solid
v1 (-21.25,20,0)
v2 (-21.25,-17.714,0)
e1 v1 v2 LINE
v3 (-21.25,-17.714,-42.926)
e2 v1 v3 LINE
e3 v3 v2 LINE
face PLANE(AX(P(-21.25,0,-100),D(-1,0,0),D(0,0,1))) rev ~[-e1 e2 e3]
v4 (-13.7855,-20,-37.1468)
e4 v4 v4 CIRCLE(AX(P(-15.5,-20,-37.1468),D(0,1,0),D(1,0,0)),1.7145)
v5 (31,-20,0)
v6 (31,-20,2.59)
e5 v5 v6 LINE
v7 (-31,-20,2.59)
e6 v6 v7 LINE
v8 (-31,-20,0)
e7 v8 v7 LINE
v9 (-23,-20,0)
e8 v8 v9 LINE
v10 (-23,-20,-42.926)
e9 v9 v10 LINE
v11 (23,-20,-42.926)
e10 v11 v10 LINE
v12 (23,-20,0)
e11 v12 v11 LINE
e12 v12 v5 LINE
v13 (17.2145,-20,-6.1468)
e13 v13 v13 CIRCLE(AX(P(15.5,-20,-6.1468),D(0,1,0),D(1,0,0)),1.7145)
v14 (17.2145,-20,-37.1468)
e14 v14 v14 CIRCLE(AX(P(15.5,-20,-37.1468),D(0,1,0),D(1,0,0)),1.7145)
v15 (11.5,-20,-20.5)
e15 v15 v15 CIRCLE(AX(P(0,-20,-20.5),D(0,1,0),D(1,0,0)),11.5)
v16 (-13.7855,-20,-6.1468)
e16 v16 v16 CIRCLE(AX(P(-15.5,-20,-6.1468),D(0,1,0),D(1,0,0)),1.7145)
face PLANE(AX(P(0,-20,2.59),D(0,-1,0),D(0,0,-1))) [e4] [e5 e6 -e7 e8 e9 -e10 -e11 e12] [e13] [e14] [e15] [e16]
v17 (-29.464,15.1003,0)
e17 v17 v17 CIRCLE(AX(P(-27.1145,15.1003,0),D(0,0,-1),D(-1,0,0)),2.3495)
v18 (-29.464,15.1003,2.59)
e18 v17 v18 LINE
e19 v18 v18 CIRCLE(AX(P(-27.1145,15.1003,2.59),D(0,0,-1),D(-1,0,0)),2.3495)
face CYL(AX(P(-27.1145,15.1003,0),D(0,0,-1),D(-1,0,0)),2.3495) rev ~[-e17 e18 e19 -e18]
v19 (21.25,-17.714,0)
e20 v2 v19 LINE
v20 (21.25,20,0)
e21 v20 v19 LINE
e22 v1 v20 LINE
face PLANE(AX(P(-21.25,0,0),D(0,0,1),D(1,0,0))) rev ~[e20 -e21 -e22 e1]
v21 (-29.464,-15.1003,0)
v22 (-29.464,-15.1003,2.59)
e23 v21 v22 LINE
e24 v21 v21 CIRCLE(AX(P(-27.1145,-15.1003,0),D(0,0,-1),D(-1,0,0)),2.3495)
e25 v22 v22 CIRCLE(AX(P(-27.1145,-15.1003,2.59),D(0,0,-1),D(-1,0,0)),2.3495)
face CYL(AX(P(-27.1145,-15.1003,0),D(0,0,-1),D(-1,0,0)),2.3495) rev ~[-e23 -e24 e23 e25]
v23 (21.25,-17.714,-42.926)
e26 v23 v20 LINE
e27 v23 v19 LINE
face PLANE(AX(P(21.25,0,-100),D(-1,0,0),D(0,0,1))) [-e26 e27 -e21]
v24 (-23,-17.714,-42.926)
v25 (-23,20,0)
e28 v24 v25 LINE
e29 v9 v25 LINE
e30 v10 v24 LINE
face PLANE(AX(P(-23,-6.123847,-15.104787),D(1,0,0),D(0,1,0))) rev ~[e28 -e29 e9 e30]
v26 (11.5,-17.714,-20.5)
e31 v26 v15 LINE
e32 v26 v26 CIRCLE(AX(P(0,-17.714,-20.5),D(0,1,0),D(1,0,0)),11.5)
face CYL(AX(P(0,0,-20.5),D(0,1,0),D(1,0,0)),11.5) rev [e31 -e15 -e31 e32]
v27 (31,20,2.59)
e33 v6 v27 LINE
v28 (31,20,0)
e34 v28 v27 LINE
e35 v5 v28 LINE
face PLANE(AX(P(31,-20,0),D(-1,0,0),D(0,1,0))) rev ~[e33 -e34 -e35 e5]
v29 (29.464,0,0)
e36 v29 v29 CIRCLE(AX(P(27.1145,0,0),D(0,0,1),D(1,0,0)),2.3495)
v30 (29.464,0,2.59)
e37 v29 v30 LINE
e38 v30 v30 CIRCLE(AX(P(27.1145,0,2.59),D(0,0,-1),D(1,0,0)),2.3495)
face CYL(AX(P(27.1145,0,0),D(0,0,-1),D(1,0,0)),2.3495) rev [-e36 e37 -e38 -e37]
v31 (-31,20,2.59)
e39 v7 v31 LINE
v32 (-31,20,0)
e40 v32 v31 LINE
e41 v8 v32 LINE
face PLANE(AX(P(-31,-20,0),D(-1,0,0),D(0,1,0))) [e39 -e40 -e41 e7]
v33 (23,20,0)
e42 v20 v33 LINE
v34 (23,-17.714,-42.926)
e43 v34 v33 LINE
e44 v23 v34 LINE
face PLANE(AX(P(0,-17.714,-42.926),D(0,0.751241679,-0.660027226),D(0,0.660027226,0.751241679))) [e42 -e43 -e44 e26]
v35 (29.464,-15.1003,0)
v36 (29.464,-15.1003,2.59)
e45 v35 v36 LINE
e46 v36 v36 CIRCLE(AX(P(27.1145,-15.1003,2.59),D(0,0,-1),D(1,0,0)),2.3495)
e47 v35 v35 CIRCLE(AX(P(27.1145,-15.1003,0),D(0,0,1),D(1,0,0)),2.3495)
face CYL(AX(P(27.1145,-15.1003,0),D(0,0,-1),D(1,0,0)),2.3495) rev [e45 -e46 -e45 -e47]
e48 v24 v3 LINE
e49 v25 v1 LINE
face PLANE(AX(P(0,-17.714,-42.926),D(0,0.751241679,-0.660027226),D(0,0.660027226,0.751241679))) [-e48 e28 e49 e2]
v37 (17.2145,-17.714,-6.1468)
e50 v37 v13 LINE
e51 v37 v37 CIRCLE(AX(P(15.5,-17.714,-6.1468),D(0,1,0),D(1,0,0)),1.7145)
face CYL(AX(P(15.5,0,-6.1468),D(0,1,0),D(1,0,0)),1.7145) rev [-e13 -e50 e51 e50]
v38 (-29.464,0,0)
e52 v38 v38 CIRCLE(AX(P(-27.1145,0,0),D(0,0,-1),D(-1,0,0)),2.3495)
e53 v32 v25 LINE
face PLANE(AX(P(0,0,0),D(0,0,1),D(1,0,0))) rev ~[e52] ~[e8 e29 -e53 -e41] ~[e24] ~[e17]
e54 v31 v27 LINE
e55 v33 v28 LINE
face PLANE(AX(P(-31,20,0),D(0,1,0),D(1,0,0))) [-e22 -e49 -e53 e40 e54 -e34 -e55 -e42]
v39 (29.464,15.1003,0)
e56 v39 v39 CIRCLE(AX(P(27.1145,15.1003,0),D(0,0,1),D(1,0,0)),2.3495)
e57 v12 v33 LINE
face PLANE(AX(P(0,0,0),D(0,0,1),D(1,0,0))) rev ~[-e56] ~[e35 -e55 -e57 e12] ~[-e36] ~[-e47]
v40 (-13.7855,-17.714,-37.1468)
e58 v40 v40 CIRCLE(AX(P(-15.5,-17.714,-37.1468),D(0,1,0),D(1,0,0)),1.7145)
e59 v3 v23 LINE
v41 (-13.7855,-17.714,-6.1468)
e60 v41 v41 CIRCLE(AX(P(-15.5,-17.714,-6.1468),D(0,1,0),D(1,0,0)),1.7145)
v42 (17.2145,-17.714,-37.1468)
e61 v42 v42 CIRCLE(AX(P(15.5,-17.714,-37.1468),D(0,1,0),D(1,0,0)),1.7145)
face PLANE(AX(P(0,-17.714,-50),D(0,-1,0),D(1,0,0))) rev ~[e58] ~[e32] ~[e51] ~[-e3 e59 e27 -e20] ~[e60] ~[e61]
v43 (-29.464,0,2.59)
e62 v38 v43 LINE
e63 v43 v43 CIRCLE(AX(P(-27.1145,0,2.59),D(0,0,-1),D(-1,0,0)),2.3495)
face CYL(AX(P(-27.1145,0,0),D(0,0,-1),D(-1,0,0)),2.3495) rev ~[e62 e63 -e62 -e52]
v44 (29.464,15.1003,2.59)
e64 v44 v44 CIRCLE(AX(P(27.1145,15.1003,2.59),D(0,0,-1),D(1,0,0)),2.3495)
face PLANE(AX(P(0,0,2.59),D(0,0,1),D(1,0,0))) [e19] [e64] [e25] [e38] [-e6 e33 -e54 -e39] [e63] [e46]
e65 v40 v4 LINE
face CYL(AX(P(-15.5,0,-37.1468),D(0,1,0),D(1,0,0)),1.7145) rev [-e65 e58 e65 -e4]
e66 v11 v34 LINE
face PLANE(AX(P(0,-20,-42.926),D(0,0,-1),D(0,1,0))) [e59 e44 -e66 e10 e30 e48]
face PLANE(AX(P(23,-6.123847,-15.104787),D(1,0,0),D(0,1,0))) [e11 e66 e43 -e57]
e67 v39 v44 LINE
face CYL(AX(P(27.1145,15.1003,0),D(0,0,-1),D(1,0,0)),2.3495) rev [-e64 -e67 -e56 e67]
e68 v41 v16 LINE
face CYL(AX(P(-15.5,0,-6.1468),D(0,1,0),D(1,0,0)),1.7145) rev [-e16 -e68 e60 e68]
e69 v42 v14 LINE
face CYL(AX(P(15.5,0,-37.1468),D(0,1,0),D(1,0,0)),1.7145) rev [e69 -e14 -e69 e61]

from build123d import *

# Parameters (mm, degrees)
SKETCH_W             = 62
SKETCH_H             = 40
PAD_DEPTH            = 2.59
PAD001_DEPTH         = 23
SKETCH003_R          = 2.3495
HOLE_DEPTH           = 175.977346
SKETCH004_R          = 1.7145
HOLE001_DEPTH        = 20.001
SKETCH005_R          = 11.5
POCKET_DEPTH         = 20.001
SKETCH006_W          = 42.5
SKETCH006_H          = 100
POCKET001_DEPTH      = 100
POCKET001_DEPTH_BACK = -17.714


with BuildPart() as part:
    # Sketch → Pad (new body)
    with BuildSketch(Plane.XY):
        Rectangle(SKETCH_W, SKETCH_H)
    extrude(amount=PAD_DEPTH)

    # Sketch001 → Pad001 (join, symmetric)
    with BuildSketch(Plane.YZ):
        Polygon((-20, -42.926), (-17.714, -42.926), (20, 0), (-20, 2.59), align=None)
    extrude(amount=PAD001_DEPTH, both=True)

    # Sketch003 → Hole (cut, through all)
    with BuildSketch(Plane.XY):
        with Locations((27.1145, 15.1003)):
            Circle(SKETCH003_R)
        with Locations((27.1145, -15.1003)):
            Circle(SKETCH003_R)
        with Locations((27.1145, 0)):
            Circle(SKETCH003_R)
    hole = extrude(amount=HOLE_DEPTH, mode=Mode.SUBTRACT)

    # Mirrored001: Hole across YZ
    add(hole.mirror(Plane.YZ), mode=Mode.SUBTRACT)

    # Sketch004 → Hole001 (cut, through all)
    with BuildSketch(Plane.XZ):
        with Locations((-15.5, -6.1468)):
            Circle(SKETCH004_R)
        with Locations((-15.5, -37.1468)):
            Circle(SKETCH004_R)
        with Locations((15.5, -37.1468)):
            Circle(SKETCH004_R)
        with Locations((15.5, -6.1468)):
            Circle(SKETCH004_R)
    extrude(amount=HOLE001_DEPTH, mode=Mode.SUBTRACT)

    # Sketch005 → Pocket (cut, through all)
    with BuildSketch(Plane.XZ):
        with Locations((0, -20.5)):
            Circle(SKETCH005_R)
    extrude(amount=POCKET_DEPTH, mode=Mode.SUBTRACT)

    # Sketch006 → Pocket001 (cut, two sides)
    with BuildSketch(Plane.XZ) as pocket001_sk:
        with Locations((0, -50)):
            Rectangle(SKETCH006_W, SKETCH006_H)
    extrude(amount=-POCKET001_DEPTH, mode=Mode.SUBTRACT)
    extrude(pocket001_sk.sketch, amount=-POCKET001_DEPTH_BACK, mode=Mode.SUBTRACT)


solid = part.part
